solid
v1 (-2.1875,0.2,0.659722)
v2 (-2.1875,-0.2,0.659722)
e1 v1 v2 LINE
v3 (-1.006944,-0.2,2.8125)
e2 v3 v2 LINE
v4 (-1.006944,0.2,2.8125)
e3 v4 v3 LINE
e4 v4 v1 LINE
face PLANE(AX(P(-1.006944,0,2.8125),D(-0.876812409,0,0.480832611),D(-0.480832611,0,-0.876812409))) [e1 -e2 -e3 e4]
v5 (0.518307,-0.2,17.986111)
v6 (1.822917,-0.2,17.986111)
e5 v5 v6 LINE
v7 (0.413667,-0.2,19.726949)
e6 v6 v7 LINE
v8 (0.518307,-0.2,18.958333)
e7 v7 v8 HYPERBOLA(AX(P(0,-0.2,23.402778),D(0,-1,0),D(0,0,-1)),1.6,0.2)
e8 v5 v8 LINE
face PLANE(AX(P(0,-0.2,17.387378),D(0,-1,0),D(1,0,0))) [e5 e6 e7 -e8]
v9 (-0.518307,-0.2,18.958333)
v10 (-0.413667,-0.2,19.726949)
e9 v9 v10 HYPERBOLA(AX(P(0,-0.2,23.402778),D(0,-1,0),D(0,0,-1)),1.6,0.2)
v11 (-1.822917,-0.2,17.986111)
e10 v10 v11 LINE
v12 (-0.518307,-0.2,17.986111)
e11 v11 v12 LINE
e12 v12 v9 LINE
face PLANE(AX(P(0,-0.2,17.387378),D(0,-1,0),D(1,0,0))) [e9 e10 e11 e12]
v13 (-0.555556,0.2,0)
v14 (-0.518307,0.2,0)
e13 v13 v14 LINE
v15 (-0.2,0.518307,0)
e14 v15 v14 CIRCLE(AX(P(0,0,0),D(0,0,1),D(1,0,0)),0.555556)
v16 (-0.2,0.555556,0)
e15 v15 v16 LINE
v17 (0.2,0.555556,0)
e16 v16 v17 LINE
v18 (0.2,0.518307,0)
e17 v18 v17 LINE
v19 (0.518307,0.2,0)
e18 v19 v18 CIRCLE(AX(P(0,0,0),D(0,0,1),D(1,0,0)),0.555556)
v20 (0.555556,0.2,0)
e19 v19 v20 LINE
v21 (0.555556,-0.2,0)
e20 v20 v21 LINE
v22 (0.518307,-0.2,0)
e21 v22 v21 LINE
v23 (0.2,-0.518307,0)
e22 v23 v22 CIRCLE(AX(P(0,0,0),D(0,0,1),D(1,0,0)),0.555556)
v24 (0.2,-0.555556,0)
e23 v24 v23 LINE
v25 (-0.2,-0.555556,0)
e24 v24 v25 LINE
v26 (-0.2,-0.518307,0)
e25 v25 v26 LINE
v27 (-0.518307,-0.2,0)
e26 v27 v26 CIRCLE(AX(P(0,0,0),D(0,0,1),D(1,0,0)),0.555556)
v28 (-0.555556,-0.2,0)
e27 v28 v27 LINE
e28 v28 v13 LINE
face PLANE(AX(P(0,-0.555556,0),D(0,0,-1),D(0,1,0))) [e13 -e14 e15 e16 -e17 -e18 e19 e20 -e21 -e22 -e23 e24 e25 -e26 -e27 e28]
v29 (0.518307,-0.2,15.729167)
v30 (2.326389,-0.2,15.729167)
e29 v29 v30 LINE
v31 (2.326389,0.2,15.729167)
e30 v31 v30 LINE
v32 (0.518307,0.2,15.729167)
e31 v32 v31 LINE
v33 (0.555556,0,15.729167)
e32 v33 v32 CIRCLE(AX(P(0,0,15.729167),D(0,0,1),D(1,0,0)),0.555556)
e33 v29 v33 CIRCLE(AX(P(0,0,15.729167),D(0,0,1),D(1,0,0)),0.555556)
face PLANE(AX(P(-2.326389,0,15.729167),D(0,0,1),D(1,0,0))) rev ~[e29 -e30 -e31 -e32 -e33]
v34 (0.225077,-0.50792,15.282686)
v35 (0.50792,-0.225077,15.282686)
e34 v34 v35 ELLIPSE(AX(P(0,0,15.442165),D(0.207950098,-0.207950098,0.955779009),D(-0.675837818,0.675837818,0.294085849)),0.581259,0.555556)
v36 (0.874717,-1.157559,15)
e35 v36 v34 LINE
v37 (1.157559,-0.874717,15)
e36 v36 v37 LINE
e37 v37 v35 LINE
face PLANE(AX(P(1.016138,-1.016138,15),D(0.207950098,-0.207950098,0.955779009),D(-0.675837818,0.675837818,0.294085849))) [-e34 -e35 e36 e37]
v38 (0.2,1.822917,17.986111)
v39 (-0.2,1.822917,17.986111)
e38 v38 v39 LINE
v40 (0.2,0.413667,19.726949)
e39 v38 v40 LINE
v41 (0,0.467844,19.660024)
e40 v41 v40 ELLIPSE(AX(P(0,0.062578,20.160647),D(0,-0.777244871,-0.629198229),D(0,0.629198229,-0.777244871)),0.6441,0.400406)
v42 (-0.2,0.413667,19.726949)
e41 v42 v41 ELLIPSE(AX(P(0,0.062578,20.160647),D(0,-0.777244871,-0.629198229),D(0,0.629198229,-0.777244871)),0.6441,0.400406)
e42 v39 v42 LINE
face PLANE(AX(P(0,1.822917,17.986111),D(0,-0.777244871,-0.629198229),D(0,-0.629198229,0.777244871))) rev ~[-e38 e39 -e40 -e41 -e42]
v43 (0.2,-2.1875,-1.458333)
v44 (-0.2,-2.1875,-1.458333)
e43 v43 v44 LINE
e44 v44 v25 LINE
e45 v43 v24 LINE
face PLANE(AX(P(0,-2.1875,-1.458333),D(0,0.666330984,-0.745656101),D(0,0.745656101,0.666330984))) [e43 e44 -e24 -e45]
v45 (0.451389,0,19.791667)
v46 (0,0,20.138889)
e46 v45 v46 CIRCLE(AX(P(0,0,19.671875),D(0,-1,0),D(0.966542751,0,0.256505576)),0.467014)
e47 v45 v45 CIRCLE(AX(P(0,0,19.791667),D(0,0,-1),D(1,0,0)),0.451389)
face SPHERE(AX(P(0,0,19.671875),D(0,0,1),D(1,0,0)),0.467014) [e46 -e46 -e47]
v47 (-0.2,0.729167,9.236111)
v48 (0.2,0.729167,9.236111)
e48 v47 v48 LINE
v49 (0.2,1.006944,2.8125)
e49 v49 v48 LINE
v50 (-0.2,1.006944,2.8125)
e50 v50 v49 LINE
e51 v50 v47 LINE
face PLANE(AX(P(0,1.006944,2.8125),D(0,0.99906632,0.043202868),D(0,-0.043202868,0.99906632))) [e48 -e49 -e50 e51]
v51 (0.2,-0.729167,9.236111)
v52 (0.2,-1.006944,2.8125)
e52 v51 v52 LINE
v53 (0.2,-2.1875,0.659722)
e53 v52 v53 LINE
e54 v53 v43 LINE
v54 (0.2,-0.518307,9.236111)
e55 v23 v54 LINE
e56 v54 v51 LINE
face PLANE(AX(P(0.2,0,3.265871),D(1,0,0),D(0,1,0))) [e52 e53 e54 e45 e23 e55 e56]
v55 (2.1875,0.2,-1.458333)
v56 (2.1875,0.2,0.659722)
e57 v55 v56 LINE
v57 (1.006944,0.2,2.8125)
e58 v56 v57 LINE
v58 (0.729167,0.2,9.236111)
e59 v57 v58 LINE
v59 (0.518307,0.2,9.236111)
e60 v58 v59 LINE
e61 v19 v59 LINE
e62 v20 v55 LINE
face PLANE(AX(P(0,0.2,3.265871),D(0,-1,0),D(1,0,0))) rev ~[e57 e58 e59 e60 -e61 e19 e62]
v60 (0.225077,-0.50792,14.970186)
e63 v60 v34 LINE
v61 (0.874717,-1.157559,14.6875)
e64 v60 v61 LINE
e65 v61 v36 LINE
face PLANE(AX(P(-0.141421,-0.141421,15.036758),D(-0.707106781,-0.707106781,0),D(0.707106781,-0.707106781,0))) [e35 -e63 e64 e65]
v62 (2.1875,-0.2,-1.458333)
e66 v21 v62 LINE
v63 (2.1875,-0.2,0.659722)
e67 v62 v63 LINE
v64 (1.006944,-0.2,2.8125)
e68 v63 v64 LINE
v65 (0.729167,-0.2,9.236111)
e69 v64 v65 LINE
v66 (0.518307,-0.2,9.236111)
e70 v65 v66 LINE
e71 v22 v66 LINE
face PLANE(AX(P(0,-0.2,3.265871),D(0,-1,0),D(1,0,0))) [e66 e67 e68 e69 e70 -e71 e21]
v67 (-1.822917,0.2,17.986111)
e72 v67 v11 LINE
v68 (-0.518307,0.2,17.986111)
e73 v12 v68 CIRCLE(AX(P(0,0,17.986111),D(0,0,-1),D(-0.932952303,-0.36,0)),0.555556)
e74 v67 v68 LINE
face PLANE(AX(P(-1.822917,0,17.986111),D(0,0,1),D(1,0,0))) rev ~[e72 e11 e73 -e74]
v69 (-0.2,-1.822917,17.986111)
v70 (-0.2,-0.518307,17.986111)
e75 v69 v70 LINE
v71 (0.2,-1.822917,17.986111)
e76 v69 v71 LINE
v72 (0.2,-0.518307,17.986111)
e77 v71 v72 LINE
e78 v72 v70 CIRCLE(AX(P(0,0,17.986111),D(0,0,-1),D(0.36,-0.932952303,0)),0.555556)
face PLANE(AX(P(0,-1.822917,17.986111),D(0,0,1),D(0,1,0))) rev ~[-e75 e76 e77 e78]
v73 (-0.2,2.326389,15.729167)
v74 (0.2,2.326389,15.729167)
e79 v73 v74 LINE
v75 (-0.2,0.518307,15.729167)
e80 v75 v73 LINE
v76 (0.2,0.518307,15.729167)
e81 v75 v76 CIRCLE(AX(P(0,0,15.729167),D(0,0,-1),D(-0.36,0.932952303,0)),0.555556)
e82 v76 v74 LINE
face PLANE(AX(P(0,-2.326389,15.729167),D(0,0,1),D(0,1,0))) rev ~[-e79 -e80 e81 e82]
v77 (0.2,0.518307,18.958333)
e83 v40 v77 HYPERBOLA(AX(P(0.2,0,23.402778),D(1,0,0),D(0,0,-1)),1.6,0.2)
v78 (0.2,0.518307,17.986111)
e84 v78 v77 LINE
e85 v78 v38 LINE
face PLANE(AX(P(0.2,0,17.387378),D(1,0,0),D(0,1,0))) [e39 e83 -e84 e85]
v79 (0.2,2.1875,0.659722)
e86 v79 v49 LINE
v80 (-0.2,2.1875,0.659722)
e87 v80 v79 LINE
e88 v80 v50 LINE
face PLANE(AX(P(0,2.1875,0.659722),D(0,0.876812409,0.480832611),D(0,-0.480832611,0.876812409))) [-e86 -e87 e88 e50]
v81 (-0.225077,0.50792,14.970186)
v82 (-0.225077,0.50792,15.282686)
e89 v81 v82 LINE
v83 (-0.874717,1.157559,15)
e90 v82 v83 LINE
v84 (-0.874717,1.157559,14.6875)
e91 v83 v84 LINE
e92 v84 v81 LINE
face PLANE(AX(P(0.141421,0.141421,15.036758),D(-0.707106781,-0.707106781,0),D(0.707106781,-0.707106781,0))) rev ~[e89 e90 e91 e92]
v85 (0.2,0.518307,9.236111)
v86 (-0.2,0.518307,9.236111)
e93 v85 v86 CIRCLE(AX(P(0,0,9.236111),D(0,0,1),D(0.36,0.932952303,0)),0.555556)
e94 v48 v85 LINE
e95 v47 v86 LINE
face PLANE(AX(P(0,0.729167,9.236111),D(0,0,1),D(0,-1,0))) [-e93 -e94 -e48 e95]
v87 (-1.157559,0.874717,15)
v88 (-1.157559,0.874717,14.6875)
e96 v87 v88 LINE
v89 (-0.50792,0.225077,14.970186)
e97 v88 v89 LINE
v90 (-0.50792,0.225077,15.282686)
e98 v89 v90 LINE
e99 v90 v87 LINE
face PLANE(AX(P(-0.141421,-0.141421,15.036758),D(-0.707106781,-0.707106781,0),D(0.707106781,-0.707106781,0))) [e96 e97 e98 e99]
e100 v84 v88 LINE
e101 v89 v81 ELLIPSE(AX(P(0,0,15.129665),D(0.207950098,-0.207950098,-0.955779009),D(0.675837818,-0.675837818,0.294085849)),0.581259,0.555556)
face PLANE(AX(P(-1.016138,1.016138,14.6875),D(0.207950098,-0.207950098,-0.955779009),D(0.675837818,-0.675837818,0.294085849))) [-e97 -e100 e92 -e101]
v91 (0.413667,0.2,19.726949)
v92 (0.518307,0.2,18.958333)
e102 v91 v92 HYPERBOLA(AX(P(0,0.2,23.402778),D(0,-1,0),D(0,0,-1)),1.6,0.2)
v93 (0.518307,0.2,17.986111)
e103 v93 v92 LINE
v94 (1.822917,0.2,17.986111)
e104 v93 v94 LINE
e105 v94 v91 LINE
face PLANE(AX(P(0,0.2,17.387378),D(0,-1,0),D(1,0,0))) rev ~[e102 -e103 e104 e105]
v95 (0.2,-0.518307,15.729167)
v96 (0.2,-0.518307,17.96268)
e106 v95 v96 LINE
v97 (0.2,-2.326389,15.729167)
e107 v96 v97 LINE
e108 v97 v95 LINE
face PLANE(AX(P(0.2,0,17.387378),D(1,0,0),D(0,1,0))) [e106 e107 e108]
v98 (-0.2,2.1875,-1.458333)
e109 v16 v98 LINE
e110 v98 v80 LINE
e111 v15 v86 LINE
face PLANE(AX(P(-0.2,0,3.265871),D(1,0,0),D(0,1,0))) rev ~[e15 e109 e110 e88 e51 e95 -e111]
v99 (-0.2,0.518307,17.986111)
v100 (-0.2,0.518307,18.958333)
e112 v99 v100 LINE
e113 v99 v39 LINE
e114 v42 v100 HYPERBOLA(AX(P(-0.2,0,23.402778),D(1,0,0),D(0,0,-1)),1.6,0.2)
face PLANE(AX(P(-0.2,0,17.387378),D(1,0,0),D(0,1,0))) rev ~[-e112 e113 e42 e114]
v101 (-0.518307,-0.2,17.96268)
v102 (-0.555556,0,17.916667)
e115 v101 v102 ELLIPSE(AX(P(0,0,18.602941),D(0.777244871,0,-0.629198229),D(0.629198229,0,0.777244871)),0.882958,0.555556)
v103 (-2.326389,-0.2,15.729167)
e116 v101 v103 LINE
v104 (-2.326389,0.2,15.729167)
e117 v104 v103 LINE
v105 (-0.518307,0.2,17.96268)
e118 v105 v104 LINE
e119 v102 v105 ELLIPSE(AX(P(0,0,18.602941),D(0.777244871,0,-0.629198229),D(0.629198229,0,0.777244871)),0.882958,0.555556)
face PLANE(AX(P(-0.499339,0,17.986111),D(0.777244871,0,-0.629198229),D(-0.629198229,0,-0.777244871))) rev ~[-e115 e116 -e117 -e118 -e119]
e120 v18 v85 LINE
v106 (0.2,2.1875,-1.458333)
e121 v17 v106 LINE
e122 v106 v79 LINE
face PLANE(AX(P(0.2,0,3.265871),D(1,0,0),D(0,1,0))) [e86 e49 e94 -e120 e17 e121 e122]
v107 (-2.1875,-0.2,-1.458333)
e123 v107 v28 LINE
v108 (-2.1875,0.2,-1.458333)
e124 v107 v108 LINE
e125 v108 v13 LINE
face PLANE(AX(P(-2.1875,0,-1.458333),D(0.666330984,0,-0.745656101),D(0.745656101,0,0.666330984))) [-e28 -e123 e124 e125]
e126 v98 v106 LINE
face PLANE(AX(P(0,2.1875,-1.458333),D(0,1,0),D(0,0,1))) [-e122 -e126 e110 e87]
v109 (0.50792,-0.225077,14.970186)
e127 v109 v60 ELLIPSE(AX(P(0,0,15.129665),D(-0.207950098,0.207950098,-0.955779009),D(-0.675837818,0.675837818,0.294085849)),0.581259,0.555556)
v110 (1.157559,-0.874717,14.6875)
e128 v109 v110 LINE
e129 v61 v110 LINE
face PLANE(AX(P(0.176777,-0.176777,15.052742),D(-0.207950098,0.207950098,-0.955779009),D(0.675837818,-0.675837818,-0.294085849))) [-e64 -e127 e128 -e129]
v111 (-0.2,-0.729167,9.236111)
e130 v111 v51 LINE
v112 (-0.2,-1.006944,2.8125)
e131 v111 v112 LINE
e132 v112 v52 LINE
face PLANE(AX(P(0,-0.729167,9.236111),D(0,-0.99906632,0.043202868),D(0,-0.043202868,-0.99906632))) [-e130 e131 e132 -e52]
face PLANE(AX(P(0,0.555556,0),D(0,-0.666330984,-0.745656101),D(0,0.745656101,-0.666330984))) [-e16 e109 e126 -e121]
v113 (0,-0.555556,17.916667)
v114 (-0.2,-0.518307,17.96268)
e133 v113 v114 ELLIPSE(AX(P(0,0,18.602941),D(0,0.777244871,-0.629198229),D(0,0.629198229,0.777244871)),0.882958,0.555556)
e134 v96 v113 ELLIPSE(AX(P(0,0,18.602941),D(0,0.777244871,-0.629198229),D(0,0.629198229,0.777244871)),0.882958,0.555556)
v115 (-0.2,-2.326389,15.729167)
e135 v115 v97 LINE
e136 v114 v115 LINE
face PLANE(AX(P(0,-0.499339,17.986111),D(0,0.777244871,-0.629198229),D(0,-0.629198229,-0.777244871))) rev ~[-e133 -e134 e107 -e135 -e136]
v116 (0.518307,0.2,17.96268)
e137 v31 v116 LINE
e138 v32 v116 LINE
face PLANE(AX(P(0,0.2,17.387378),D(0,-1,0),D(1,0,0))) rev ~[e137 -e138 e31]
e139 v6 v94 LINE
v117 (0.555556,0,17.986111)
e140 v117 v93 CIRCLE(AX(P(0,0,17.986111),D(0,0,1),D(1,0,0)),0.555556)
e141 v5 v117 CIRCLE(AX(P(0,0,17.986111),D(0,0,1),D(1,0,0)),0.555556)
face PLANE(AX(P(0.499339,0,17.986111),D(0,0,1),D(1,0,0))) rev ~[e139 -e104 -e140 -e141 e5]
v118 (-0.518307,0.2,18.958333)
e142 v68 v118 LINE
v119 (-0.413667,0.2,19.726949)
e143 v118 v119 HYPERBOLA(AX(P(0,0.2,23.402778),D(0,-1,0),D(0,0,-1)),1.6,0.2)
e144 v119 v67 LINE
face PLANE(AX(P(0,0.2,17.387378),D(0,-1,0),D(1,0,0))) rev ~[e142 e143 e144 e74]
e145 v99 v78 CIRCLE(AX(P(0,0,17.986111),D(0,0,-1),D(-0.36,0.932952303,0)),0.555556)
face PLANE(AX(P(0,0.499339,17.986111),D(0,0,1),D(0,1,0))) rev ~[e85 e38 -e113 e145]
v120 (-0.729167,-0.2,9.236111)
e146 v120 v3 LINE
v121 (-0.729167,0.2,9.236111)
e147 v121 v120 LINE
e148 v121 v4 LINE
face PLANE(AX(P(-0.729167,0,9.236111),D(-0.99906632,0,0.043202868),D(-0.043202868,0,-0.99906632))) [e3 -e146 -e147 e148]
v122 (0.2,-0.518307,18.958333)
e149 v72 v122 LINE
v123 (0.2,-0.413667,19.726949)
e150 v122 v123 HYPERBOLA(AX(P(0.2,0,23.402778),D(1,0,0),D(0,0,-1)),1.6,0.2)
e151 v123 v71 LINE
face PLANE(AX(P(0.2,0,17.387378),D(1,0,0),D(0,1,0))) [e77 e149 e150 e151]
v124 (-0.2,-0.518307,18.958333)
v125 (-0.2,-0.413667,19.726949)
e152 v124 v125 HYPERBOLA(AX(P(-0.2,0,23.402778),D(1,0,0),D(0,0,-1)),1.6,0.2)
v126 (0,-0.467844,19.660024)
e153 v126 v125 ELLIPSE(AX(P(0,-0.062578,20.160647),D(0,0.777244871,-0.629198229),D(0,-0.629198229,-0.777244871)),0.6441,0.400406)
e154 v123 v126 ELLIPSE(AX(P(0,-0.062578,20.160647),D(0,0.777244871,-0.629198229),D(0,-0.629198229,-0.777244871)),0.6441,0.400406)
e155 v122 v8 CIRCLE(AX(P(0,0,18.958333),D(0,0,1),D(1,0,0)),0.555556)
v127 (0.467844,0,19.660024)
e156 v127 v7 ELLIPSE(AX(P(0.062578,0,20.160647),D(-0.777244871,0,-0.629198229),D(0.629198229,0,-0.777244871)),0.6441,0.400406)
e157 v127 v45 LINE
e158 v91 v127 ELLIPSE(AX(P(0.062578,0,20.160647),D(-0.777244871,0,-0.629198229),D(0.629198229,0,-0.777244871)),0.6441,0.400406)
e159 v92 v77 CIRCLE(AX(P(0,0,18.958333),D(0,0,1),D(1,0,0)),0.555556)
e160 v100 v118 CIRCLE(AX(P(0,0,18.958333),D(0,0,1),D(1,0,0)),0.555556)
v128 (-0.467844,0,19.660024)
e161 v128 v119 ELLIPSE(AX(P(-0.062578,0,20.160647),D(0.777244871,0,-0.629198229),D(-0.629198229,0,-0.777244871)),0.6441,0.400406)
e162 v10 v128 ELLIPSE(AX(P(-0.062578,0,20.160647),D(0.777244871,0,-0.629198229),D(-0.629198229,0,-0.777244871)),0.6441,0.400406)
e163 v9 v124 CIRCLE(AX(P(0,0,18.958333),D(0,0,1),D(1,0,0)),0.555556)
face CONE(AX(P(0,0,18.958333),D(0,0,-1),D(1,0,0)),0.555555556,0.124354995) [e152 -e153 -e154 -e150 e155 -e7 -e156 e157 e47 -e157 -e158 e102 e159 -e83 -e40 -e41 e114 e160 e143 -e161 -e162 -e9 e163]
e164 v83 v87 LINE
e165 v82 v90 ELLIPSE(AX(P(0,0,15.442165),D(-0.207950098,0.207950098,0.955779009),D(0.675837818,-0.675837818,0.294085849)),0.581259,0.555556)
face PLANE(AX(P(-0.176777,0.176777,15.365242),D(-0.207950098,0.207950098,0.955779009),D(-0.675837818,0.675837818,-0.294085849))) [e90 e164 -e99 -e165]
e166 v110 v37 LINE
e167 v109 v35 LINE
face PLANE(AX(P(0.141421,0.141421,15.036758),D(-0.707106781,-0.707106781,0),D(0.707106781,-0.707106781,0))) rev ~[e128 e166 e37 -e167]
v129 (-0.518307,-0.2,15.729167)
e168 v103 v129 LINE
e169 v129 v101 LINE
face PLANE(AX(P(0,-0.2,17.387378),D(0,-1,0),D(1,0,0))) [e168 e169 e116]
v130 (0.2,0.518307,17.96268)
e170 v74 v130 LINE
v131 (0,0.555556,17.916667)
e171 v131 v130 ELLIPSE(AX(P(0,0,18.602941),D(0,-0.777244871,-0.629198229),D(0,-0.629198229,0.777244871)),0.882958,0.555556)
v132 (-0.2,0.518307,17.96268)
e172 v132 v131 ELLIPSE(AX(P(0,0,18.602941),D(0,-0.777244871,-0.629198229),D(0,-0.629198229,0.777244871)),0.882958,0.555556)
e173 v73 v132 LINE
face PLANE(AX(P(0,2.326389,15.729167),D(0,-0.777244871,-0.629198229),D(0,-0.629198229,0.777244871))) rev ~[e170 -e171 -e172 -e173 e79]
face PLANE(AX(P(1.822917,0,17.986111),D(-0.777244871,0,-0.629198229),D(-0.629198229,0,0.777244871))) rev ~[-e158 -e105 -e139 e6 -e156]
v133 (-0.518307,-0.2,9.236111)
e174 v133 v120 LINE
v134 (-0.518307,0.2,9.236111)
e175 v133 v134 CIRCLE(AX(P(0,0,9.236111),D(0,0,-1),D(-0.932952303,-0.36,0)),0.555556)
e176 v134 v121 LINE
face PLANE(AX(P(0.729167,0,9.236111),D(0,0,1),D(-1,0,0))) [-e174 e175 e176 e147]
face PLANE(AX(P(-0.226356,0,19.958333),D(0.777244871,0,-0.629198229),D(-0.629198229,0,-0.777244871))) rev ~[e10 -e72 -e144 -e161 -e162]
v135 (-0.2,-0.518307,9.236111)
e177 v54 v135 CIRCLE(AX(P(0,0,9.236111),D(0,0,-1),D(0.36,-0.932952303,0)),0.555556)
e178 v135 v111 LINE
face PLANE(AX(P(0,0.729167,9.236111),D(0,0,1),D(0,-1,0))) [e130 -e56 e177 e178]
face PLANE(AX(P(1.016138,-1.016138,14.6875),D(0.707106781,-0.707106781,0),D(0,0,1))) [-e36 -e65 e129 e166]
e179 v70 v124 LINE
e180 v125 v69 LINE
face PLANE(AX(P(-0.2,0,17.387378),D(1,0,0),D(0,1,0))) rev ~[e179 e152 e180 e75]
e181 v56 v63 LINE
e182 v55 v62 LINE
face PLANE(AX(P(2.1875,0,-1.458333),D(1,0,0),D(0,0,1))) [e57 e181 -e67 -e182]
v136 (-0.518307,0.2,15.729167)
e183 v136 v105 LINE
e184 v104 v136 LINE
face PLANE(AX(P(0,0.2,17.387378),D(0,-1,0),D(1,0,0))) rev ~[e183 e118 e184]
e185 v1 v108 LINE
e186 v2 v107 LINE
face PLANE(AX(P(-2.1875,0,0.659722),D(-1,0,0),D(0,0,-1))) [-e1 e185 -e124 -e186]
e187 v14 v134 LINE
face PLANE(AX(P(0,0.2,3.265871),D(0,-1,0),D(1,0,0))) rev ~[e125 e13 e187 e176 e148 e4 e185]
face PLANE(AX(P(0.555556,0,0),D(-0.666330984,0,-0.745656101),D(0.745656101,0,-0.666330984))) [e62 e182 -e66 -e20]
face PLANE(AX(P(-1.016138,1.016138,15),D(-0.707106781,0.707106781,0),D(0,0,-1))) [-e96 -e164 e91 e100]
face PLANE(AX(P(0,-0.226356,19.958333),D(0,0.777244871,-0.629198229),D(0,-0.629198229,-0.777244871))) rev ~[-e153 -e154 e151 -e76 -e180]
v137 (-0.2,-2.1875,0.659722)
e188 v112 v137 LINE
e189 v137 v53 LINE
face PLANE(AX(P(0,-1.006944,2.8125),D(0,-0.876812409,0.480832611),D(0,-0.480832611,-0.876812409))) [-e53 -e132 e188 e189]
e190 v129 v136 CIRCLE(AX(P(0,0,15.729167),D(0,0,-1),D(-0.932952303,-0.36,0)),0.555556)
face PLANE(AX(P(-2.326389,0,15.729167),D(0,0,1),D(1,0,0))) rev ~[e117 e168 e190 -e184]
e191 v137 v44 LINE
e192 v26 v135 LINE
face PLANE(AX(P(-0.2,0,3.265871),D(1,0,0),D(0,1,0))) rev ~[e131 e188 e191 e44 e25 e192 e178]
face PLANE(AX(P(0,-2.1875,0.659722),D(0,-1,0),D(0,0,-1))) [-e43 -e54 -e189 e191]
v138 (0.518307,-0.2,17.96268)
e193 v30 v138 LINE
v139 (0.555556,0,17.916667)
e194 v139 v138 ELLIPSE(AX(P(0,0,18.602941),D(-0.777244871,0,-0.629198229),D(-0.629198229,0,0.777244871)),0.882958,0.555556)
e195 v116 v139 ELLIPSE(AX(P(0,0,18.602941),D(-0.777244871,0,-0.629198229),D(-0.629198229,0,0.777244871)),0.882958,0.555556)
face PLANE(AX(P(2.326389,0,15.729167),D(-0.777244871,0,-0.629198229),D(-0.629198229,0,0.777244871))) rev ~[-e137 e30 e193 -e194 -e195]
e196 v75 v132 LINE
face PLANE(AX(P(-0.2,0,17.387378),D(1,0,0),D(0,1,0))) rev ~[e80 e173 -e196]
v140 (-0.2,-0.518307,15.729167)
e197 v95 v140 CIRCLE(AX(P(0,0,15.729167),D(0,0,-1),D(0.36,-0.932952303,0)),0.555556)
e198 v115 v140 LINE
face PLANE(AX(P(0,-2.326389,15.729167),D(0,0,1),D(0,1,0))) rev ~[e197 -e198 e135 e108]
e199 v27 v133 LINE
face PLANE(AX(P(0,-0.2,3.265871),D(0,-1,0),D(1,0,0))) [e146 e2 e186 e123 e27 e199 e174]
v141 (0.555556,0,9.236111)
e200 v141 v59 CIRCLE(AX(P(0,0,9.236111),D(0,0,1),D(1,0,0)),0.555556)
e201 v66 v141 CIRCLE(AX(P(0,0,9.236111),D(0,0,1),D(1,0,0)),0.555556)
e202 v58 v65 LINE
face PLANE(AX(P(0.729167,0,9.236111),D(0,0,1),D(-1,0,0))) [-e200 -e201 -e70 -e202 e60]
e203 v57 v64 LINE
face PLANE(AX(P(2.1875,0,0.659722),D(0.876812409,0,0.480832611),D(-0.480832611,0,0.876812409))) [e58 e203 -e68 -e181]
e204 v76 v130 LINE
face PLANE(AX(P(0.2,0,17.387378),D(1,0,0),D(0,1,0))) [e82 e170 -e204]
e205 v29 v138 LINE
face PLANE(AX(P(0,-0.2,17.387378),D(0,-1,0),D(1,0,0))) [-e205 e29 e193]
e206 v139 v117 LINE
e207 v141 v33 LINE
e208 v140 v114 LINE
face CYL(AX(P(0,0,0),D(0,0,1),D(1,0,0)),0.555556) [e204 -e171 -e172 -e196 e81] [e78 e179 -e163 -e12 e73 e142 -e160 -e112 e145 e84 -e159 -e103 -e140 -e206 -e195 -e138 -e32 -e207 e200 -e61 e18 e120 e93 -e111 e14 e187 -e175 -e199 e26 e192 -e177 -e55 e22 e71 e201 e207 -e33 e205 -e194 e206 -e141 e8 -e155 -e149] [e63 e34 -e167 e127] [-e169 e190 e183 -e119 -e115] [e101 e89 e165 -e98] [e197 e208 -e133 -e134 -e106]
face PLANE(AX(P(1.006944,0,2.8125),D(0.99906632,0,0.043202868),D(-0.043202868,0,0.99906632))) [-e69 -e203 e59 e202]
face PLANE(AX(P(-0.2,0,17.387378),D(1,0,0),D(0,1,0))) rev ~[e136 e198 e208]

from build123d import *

# Parameters (mm, degrees)
F3_DEPTH = 0.2
F4_COUNT = 4
F7_DEPTH = 0.2


with BuildPart() as f1:
    # F0 (on Front) → F1 (revolve)
    with BuildSketch(Plane.XZ):
        with BuildLine():
            Line((0, 20.1388888889), (0, 0))
            Line((0, 0), (0.5555555556, 0))
            Line((0.5555555556, 0), (0.5555555556, 18.9583333333))
            Line((0.5555555556, 18.9583333333), (0.4513888889, 19.7916666667))
            ThreePointArc((0.4513888889, 19.7916666667), (0.2847433935, 20.0420414116), (0, 20.1388888889))
        make_face()
    revolve(axis=Axis((0, 0, 10.0694444444), (0, 0, 1)))

    # F2 (on Front) → F3 (join, symmetric)
    with BuildSketch(Plane.XZ):
        Polygon((0.2263558201, 19.9583333333), (-0.2263558201, 19.9583333333), (-1.8229166667, 17.9861111111), (-0.4993386243, 17.9861111111), (-2.3263888889, 15.7291666667), (2.3263888889, 15.7291666667), (0.4993386243, 17.9861111111), (1.8229166667, 17.9861111111), align=None)
        Polygon((0.5361597759, 0.0173323988), (0.5555555556, 0), (2.1875, -1.4583333333), (2.1875, 0.6597222222), (1.0069444444, 2.8125), (0.7291666667, 9.2361111111), (-0.7291666667, 9.2361111111), (-1.0069444444, 2.8125), (-2.1875, 0.6597222222), (-2.1875, -1.4583333333), (-0.5555555556, 0), (-0.5361597759, 0.0173323988), align=None)
        Polygon((-0.5555555556, 0), (0.5555555556, 0), (0.5361597759, 0.0173323988), (-0.5361597759, 0.0173323988), align=None)
    extrude(amount=F3_DEPTH, both=True)


with BuildPart() as f4_1:
    # F4: instance of F1
    add(f1.part.rotate(Axis((0, 0, 0), (0, 0, 1)), 1 * 360 / F4_COUNT))


with BuildPart() as f4_2:
    # F4: instance of F1
    add(f1.part.rotate(Axis((0, 0, 0), (0, 0, 1)), 2 * 360 / F4_COUNT))


with BuildPart() as f4_3:
    # F4: instance of F1
    add(f1.part.rotate(Axis((0, 0, 0), (0, 0, 1)), 3 * 360 / F4_COUNT))


with BuildPart() as f1_1:
    add(f1.part)

    add(f4_1.part)  # F7 merges F4_1

    add(f4_2.part)  # F7 merges F4_2

    add(f4_3.part)  # F7 merges F4_3
    # F6 (on face) → F7 (join, symmetric)
    with BuildSketch(Plane(origin=(0, 0, 0), x_dir=(0.7071067812, -0.7071067812, 0), z_dir=(-0.7071067812, -0.7071067812, 0))):
        Polygon((0.25, 15.3652419184), (-0.25, 15.3652419184), (-1.4370362347, 15), (-1.4370362347, 14.6875), (-0.25, 15.0527419184), (0.25, 15.0527419184), (1.4370362347, 14.6875), (1.4370362347, 15), align=None)
    extrude(amount=F7_DEPTH, both=True)


solid = f1_1.part
